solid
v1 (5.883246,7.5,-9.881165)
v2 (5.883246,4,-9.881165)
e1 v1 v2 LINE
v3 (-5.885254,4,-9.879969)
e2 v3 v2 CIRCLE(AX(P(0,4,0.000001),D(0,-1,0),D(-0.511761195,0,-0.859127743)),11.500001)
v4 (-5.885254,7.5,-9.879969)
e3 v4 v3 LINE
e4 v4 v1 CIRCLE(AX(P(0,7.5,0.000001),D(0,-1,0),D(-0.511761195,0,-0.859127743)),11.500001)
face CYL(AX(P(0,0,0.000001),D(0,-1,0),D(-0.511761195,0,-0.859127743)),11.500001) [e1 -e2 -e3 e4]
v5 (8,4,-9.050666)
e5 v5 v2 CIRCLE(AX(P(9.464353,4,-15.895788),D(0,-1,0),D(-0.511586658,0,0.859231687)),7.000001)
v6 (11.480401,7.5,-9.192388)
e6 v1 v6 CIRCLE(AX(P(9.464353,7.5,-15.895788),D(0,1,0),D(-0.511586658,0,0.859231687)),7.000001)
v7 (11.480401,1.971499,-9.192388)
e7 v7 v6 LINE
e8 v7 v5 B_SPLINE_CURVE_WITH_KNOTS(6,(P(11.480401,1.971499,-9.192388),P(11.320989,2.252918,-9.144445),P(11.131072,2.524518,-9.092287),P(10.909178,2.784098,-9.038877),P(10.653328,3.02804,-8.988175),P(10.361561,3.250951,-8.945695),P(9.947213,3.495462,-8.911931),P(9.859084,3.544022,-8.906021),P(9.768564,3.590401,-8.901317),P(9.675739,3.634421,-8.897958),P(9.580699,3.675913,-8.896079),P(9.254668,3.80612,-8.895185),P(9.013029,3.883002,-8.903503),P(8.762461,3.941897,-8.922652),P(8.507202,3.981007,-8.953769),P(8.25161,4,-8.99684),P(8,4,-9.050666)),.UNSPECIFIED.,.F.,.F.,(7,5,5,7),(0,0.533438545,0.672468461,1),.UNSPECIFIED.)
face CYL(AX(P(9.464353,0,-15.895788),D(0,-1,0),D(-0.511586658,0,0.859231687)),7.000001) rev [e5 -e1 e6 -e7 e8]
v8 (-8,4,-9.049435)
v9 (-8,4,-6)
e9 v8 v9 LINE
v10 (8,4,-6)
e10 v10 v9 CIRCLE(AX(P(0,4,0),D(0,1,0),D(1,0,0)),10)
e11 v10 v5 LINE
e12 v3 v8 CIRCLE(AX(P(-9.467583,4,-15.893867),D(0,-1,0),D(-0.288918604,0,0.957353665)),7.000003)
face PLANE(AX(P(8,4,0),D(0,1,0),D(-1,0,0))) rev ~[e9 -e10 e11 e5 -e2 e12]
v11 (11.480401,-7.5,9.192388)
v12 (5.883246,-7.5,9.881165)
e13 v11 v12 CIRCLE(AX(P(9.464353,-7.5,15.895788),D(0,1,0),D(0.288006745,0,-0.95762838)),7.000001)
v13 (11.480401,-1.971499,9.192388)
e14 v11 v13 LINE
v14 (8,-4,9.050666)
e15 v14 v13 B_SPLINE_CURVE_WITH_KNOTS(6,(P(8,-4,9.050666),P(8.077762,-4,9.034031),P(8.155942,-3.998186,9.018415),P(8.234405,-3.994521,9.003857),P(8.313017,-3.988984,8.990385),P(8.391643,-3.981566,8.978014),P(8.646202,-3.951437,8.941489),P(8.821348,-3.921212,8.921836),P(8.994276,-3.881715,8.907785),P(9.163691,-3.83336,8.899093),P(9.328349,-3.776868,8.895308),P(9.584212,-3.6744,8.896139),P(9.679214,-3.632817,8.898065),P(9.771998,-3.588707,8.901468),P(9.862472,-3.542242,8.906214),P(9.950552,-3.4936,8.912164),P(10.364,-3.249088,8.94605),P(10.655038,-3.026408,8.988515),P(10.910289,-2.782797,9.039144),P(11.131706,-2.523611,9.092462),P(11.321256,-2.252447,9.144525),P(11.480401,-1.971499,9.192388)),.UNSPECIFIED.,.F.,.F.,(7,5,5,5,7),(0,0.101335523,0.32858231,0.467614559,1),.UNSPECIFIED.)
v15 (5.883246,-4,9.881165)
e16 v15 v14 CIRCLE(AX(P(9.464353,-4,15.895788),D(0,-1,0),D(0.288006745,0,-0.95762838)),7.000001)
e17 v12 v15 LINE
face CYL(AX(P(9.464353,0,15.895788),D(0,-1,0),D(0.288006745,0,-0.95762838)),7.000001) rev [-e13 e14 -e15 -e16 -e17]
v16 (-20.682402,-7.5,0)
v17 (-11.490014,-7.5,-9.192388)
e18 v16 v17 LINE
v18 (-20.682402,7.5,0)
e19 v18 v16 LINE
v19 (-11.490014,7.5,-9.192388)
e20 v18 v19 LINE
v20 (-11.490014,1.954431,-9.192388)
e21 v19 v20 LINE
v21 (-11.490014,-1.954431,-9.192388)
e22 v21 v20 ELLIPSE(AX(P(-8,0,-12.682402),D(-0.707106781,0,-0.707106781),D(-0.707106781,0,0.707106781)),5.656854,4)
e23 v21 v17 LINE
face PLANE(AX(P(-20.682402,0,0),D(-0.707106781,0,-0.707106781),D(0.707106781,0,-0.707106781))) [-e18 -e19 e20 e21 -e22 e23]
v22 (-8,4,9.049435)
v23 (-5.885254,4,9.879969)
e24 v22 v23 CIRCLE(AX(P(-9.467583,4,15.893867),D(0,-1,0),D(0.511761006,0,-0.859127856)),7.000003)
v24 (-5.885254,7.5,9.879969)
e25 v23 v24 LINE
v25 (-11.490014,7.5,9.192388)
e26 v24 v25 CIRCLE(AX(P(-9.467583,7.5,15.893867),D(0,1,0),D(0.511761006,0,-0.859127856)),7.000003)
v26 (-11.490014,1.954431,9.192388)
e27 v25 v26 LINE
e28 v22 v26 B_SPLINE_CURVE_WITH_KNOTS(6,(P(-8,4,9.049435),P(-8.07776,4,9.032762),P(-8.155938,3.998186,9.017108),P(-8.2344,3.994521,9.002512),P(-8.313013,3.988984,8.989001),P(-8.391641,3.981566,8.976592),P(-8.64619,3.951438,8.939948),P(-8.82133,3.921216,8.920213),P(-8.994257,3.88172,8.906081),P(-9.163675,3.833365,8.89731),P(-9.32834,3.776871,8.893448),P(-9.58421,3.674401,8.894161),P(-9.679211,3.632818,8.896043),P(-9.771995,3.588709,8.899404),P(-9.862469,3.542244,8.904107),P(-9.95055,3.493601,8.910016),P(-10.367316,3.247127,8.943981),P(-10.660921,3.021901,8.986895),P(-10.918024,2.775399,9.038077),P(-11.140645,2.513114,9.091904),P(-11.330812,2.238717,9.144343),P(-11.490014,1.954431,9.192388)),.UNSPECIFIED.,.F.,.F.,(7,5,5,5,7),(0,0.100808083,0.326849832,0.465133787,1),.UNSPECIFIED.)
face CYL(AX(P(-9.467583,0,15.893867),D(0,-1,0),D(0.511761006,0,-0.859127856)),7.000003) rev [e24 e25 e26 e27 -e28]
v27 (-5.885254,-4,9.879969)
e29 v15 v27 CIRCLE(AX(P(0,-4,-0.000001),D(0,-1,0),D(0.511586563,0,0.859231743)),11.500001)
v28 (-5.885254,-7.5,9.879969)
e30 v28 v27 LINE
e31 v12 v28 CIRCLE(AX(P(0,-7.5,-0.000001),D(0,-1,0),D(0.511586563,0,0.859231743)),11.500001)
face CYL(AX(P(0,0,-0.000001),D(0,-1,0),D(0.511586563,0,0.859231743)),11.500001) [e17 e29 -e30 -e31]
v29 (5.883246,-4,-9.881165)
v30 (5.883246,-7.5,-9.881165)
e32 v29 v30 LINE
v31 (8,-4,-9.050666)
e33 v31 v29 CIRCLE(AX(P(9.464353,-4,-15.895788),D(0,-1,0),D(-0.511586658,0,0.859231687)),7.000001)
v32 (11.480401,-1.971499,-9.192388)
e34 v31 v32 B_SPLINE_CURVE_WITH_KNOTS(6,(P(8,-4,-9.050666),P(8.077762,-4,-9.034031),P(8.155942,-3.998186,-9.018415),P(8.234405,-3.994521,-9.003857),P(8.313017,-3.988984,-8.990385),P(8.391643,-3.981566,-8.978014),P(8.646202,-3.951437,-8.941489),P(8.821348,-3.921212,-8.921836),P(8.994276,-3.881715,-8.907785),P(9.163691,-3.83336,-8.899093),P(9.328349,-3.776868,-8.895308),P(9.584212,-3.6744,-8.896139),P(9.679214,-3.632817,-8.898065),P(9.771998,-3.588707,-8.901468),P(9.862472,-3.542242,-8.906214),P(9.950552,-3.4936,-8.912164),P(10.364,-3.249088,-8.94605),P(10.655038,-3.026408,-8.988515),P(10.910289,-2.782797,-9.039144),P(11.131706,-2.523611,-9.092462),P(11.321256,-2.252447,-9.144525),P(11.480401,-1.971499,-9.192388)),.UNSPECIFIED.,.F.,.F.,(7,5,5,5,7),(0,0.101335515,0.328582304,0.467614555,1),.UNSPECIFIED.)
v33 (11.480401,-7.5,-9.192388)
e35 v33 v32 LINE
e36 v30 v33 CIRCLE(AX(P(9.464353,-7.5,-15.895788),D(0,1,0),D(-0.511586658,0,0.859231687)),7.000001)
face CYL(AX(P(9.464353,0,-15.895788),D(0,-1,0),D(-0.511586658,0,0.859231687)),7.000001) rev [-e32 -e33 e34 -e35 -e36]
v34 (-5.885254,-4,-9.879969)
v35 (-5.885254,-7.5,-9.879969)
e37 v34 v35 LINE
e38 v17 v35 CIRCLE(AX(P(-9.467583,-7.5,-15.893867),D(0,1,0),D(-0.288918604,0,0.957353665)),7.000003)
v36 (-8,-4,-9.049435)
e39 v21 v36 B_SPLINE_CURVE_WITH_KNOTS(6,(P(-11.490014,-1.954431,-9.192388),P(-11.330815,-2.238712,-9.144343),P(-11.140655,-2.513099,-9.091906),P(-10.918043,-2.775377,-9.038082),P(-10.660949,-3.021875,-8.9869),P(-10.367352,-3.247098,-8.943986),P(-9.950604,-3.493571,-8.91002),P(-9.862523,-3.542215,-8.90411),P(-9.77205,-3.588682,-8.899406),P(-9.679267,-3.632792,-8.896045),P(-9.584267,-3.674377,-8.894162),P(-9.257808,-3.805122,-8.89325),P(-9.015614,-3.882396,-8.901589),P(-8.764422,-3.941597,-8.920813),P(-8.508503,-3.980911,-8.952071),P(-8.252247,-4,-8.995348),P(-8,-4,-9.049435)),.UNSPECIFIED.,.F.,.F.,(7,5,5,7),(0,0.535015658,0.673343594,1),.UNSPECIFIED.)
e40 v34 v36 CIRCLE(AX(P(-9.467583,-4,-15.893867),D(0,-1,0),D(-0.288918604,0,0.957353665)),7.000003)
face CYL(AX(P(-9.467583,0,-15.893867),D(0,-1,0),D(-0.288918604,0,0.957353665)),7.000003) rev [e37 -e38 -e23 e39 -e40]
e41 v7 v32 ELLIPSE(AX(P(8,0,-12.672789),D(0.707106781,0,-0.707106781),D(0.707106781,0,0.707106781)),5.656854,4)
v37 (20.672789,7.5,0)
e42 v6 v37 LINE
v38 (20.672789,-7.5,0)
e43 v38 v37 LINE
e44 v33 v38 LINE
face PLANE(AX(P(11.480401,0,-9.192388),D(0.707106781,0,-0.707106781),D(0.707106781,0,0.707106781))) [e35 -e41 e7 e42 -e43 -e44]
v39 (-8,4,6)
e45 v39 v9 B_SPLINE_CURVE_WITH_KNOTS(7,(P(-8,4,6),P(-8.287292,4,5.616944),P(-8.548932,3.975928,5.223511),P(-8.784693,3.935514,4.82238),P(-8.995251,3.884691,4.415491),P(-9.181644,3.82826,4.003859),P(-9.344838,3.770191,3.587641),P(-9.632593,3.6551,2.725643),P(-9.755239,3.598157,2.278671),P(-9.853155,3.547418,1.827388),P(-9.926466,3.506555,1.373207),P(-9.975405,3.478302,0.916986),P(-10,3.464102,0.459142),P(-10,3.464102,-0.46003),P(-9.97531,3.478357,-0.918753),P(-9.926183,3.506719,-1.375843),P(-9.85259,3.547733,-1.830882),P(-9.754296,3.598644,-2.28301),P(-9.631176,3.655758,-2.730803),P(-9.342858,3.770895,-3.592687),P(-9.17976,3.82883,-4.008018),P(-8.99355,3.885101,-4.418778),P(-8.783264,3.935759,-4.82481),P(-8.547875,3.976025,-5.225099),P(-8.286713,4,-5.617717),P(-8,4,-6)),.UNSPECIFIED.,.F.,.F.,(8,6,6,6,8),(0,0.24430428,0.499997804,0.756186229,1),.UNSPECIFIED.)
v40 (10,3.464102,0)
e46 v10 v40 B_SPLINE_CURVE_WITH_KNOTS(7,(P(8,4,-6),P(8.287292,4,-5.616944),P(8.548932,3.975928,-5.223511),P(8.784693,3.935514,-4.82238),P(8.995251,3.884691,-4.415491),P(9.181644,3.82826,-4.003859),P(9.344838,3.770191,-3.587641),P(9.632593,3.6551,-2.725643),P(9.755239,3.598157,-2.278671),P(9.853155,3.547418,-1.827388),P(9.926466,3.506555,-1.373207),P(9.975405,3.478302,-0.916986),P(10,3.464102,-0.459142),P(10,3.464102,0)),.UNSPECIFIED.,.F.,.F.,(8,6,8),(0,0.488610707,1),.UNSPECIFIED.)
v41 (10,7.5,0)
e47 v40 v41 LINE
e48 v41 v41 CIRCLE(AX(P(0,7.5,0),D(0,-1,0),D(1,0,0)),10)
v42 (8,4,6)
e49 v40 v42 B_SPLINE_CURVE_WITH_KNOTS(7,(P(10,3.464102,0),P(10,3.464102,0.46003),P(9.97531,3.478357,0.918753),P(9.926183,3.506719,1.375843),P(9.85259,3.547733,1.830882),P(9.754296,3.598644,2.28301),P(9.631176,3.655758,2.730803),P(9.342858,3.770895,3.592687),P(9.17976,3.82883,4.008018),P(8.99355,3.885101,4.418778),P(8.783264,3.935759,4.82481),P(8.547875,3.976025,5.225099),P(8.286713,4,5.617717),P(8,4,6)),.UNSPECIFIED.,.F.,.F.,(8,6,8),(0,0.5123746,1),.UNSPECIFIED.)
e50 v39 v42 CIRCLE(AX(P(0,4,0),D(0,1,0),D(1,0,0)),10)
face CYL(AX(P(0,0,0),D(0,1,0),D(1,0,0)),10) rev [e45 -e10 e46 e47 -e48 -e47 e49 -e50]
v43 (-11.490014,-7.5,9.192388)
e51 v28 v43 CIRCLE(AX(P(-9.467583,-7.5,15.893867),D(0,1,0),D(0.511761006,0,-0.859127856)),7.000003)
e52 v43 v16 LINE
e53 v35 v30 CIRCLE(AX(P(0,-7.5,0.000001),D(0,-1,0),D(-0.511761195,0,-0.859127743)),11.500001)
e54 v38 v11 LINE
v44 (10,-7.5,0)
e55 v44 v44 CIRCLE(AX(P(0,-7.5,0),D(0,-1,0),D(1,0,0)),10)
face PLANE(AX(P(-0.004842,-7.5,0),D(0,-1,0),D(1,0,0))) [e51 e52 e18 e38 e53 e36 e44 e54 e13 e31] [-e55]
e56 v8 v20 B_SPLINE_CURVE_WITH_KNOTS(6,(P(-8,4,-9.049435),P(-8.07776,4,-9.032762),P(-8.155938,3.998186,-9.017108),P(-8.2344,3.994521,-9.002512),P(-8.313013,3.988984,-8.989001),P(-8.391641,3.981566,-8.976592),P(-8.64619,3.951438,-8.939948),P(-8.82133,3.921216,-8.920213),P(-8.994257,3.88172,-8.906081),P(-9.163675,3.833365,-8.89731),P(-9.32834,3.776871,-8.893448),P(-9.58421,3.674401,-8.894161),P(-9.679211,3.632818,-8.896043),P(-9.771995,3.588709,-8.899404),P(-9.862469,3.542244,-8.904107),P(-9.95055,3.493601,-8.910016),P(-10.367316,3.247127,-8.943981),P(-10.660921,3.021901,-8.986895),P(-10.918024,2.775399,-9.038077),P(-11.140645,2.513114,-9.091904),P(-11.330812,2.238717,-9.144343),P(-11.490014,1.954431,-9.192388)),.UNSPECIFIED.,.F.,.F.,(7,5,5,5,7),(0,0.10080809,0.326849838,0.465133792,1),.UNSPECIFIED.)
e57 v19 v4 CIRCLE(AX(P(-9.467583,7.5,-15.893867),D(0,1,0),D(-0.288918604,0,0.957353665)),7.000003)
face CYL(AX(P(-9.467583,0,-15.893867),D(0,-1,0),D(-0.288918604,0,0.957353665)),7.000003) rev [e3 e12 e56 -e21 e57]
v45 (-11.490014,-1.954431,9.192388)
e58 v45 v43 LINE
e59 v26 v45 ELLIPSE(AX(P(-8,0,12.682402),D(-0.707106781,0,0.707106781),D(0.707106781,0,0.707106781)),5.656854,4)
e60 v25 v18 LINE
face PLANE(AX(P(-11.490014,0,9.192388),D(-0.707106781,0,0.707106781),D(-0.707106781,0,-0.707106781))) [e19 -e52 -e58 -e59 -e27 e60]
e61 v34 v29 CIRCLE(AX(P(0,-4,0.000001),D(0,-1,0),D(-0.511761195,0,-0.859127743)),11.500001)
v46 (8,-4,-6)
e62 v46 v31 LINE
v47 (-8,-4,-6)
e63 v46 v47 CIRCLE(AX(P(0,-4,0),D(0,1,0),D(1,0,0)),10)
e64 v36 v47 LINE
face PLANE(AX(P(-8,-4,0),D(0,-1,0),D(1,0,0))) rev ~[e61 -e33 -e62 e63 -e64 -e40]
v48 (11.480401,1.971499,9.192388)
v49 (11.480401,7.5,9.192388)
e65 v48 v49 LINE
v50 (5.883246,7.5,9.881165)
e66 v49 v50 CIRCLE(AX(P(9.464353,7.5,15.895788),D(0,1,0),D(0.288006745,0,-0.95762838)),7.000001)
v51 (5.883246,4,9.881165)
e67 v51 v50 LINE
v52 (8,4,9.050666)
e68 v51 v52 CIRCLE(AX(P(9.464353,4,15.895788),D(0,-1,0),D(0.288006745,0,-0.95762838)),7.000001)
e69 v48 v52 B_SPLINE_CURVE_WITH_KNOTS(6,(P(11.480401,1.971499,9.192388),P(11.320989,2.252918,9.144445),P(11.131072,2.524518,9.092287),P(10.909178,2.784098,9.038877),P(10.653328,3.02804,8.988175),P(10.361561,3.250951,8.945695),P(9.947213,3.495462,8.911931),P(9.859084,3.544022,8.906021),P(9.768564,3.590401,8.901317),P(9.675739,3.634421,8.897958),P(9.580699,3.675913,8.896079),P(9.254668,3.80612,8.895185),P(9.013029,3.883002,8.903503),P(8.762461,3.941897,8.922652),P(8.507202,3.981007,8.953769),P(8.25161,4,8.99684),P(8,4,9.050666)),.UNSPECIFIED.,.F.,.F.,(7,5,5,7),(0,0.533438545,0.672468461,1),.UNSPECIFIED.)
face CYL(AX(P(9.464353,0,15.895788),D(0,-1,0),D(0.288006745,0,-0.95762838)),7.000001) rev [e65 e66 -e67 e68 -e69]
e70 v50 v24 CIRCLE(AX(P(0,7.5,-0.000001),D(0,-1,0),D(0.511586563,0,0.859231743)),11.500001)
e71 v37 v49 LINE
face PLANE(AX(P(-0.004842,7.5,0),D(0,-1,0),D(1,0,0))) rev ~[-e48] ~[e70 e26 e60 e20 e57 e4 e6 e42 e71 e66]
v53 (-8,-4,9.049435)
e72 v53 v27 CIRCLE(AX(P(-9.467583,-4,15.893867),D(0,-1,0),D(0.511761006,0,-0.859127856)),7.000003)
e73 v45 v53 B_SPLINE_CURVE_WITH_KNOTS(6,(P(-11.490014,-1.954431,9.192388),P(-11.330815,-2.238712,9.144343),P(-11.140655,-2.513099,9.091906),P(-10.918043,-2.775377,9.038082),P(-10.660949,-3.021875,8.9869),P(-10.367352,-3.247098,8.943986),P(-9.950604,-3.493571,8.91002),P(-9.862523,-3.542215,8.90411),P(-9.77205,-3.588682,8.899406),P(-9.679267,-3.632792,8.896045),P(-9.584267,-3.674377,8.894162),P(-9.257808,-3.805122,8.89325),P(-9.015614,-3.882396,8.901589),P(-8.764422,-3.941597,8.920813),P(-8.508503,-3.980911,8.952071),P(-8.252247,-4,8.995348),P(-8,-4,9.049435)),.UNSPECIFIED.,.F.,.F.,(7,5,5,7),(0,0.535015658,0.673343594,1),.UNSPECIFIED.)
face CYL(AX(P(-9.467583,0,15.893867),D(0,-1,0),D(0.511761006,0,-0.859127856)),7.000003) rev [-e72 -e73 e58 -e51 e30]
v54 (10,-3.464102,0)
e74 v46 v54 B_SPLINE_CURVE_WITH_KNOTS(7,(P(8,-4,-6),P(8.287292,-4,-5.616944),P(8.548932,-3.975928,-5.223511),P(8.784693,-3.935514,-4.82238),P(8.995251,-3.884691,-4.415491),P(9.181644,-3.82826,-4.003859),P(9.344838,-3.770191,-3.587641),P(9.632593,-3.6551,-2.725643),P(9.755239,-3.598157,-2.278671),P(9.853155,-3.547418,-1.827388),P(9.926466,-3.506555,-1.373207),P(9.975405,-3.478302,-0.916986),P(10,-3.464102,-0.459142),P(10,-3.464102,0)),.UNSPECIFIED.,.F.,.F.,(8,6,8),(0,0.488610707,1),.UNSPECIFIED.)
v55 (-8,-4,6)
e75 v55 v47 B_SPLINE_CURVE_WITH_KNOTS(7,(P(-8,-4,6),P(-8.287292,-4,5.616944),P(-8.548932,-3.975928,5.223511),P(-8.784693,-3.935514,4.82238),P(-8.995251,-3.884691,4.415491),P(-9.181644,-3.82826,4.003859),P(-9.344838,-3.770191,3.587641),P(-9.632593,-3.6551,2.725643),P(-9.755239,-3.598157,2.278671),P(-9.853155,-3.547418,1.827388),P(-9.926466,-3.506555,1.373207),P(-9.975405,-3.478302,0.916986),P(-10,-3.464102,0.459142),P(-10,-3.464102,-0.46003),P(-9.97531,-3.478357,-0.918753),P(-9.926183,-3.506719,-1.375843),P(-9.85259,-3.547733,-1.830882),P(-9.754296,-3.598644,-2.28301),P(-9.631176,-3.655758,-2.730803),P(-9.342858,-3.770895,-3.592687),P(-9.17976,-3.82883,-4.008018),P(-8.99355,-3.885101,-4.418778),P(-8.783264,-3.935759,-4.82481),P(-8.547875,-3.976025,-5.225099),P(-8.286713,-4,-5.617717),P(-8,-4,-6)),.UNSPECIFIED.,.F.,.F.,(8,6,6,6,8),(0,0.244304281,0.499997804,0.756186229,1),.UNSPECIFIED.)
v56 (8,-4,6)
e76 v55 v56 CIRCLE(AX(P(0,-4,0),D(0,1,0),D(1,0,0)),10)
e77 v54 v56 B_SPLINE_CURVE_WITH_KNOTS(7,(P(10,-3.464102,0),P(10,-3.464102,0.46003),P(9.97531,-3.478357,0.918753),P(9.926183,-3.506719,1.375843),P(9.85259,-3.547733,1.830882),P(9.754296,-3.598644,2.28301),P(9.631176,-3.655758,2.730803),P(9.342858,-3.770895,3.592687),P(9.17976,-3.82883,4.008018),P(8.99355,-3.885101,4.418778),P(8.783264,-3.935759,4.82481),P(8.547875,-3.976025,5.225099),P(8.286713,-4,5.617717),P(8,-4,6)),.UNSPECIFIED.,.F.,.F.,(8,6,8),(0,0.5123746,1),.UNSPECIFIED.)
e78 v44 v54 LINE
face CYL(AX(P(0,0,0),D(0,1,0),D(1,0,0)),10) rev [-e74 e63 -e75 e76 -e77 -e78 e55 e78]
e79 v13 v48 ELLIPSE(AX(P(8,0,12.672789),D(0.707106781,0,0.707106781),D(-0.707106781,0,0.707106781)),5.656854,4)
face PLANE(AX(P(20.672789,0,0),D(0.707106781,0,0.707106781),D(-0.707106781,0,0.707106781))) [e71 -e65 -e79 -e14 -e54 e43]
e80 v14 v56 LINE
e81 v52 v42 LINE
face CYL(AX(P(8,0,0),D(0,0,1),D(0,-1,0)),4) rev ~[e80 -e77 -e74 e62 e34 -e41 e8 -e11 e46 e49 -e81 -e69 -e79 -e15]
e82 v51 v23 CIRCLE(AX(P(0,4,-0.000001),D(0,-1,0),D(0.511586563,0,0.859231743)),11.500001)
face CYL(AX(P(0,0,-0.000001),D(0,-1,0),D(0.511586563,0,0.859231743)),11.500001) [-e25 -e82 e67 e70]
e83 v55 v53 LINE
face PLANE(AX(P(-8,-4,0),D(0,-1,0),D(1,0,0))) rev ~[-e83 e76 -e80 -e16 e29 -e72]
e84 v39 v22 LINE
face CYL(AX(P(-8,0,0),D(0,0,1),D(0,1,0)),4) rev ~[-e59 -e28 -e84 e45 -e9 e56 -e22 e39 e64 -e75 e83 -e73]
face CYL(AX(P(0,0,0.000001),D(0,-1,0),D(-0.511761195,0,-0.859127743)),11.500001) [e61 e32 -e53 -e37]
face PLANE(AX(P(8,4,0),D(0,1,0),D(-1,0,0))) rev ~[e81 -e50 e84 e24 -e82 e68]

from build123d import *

# Parameters (mm, degrees)
F0_R     = 10
F1_DEPTH = 7.5
F3_DEPTH = 25


with BuildPart() as f1:
    # F0 (on Front) → F1 (new body, symmetric)
    with BuildSketch(Plane.XZ):
        with BuildLine():
            ThreePointArc((-5.885254, 9.879969), (-8.615226, 8.945951), (-11.490014, 9.192388))
            Line((-11.490014, 9.192388), (-20.682402, 0))
            Line((-20.682402, 0), (-11.490014, -9.192388))
            ThreePointArc((-11.490014, -9.192388), (-8.615226, -8.945951), (-5.885254, -9.879969))
            ThreePointArc((-5.885254, -9.879969), (-0.001168, -11.5), (5.883246, -9.881165))
            ThreePointArc((5.883246, -9.881165), (8.609393, -8.948194), (11.480401, -9.192388))
            Line((11.480401, -9.192388), (20.672789, 0))
            Line((20.672789, 0), (11.480401, 9.192388))
            ThreePointArc((11.480401, 9.192388), (8.609393, 8.948194), (5.883246, 9.881165))
            ThreePointArc((5.883246, 9.881165), (-0.001168, 11.5), (-5.885254, 9.879969))
        make_face()
        Circle(F0_R, mode=Mode.SUBTRACT)
    extrude(amount=F1_DEPTH, both=True)

    # F2 (on Top) → F3 (cut, symmetric)
    with BuildSketch(Plane.XY):
        with BuildLine():
            Line((8, 4), (-8, 4))
            ThreePointArc((-8, 4), (-12, 0), (-8, -4))
            Line((-8, -4), (8, -4))
            ThreePointArc((8, -4), (12, 0), (8, 4))
        make_face()
    extrude(amount=F3_DEPTH, both=True, mode=Mode.SUBTRACT)


solid = f1.part
